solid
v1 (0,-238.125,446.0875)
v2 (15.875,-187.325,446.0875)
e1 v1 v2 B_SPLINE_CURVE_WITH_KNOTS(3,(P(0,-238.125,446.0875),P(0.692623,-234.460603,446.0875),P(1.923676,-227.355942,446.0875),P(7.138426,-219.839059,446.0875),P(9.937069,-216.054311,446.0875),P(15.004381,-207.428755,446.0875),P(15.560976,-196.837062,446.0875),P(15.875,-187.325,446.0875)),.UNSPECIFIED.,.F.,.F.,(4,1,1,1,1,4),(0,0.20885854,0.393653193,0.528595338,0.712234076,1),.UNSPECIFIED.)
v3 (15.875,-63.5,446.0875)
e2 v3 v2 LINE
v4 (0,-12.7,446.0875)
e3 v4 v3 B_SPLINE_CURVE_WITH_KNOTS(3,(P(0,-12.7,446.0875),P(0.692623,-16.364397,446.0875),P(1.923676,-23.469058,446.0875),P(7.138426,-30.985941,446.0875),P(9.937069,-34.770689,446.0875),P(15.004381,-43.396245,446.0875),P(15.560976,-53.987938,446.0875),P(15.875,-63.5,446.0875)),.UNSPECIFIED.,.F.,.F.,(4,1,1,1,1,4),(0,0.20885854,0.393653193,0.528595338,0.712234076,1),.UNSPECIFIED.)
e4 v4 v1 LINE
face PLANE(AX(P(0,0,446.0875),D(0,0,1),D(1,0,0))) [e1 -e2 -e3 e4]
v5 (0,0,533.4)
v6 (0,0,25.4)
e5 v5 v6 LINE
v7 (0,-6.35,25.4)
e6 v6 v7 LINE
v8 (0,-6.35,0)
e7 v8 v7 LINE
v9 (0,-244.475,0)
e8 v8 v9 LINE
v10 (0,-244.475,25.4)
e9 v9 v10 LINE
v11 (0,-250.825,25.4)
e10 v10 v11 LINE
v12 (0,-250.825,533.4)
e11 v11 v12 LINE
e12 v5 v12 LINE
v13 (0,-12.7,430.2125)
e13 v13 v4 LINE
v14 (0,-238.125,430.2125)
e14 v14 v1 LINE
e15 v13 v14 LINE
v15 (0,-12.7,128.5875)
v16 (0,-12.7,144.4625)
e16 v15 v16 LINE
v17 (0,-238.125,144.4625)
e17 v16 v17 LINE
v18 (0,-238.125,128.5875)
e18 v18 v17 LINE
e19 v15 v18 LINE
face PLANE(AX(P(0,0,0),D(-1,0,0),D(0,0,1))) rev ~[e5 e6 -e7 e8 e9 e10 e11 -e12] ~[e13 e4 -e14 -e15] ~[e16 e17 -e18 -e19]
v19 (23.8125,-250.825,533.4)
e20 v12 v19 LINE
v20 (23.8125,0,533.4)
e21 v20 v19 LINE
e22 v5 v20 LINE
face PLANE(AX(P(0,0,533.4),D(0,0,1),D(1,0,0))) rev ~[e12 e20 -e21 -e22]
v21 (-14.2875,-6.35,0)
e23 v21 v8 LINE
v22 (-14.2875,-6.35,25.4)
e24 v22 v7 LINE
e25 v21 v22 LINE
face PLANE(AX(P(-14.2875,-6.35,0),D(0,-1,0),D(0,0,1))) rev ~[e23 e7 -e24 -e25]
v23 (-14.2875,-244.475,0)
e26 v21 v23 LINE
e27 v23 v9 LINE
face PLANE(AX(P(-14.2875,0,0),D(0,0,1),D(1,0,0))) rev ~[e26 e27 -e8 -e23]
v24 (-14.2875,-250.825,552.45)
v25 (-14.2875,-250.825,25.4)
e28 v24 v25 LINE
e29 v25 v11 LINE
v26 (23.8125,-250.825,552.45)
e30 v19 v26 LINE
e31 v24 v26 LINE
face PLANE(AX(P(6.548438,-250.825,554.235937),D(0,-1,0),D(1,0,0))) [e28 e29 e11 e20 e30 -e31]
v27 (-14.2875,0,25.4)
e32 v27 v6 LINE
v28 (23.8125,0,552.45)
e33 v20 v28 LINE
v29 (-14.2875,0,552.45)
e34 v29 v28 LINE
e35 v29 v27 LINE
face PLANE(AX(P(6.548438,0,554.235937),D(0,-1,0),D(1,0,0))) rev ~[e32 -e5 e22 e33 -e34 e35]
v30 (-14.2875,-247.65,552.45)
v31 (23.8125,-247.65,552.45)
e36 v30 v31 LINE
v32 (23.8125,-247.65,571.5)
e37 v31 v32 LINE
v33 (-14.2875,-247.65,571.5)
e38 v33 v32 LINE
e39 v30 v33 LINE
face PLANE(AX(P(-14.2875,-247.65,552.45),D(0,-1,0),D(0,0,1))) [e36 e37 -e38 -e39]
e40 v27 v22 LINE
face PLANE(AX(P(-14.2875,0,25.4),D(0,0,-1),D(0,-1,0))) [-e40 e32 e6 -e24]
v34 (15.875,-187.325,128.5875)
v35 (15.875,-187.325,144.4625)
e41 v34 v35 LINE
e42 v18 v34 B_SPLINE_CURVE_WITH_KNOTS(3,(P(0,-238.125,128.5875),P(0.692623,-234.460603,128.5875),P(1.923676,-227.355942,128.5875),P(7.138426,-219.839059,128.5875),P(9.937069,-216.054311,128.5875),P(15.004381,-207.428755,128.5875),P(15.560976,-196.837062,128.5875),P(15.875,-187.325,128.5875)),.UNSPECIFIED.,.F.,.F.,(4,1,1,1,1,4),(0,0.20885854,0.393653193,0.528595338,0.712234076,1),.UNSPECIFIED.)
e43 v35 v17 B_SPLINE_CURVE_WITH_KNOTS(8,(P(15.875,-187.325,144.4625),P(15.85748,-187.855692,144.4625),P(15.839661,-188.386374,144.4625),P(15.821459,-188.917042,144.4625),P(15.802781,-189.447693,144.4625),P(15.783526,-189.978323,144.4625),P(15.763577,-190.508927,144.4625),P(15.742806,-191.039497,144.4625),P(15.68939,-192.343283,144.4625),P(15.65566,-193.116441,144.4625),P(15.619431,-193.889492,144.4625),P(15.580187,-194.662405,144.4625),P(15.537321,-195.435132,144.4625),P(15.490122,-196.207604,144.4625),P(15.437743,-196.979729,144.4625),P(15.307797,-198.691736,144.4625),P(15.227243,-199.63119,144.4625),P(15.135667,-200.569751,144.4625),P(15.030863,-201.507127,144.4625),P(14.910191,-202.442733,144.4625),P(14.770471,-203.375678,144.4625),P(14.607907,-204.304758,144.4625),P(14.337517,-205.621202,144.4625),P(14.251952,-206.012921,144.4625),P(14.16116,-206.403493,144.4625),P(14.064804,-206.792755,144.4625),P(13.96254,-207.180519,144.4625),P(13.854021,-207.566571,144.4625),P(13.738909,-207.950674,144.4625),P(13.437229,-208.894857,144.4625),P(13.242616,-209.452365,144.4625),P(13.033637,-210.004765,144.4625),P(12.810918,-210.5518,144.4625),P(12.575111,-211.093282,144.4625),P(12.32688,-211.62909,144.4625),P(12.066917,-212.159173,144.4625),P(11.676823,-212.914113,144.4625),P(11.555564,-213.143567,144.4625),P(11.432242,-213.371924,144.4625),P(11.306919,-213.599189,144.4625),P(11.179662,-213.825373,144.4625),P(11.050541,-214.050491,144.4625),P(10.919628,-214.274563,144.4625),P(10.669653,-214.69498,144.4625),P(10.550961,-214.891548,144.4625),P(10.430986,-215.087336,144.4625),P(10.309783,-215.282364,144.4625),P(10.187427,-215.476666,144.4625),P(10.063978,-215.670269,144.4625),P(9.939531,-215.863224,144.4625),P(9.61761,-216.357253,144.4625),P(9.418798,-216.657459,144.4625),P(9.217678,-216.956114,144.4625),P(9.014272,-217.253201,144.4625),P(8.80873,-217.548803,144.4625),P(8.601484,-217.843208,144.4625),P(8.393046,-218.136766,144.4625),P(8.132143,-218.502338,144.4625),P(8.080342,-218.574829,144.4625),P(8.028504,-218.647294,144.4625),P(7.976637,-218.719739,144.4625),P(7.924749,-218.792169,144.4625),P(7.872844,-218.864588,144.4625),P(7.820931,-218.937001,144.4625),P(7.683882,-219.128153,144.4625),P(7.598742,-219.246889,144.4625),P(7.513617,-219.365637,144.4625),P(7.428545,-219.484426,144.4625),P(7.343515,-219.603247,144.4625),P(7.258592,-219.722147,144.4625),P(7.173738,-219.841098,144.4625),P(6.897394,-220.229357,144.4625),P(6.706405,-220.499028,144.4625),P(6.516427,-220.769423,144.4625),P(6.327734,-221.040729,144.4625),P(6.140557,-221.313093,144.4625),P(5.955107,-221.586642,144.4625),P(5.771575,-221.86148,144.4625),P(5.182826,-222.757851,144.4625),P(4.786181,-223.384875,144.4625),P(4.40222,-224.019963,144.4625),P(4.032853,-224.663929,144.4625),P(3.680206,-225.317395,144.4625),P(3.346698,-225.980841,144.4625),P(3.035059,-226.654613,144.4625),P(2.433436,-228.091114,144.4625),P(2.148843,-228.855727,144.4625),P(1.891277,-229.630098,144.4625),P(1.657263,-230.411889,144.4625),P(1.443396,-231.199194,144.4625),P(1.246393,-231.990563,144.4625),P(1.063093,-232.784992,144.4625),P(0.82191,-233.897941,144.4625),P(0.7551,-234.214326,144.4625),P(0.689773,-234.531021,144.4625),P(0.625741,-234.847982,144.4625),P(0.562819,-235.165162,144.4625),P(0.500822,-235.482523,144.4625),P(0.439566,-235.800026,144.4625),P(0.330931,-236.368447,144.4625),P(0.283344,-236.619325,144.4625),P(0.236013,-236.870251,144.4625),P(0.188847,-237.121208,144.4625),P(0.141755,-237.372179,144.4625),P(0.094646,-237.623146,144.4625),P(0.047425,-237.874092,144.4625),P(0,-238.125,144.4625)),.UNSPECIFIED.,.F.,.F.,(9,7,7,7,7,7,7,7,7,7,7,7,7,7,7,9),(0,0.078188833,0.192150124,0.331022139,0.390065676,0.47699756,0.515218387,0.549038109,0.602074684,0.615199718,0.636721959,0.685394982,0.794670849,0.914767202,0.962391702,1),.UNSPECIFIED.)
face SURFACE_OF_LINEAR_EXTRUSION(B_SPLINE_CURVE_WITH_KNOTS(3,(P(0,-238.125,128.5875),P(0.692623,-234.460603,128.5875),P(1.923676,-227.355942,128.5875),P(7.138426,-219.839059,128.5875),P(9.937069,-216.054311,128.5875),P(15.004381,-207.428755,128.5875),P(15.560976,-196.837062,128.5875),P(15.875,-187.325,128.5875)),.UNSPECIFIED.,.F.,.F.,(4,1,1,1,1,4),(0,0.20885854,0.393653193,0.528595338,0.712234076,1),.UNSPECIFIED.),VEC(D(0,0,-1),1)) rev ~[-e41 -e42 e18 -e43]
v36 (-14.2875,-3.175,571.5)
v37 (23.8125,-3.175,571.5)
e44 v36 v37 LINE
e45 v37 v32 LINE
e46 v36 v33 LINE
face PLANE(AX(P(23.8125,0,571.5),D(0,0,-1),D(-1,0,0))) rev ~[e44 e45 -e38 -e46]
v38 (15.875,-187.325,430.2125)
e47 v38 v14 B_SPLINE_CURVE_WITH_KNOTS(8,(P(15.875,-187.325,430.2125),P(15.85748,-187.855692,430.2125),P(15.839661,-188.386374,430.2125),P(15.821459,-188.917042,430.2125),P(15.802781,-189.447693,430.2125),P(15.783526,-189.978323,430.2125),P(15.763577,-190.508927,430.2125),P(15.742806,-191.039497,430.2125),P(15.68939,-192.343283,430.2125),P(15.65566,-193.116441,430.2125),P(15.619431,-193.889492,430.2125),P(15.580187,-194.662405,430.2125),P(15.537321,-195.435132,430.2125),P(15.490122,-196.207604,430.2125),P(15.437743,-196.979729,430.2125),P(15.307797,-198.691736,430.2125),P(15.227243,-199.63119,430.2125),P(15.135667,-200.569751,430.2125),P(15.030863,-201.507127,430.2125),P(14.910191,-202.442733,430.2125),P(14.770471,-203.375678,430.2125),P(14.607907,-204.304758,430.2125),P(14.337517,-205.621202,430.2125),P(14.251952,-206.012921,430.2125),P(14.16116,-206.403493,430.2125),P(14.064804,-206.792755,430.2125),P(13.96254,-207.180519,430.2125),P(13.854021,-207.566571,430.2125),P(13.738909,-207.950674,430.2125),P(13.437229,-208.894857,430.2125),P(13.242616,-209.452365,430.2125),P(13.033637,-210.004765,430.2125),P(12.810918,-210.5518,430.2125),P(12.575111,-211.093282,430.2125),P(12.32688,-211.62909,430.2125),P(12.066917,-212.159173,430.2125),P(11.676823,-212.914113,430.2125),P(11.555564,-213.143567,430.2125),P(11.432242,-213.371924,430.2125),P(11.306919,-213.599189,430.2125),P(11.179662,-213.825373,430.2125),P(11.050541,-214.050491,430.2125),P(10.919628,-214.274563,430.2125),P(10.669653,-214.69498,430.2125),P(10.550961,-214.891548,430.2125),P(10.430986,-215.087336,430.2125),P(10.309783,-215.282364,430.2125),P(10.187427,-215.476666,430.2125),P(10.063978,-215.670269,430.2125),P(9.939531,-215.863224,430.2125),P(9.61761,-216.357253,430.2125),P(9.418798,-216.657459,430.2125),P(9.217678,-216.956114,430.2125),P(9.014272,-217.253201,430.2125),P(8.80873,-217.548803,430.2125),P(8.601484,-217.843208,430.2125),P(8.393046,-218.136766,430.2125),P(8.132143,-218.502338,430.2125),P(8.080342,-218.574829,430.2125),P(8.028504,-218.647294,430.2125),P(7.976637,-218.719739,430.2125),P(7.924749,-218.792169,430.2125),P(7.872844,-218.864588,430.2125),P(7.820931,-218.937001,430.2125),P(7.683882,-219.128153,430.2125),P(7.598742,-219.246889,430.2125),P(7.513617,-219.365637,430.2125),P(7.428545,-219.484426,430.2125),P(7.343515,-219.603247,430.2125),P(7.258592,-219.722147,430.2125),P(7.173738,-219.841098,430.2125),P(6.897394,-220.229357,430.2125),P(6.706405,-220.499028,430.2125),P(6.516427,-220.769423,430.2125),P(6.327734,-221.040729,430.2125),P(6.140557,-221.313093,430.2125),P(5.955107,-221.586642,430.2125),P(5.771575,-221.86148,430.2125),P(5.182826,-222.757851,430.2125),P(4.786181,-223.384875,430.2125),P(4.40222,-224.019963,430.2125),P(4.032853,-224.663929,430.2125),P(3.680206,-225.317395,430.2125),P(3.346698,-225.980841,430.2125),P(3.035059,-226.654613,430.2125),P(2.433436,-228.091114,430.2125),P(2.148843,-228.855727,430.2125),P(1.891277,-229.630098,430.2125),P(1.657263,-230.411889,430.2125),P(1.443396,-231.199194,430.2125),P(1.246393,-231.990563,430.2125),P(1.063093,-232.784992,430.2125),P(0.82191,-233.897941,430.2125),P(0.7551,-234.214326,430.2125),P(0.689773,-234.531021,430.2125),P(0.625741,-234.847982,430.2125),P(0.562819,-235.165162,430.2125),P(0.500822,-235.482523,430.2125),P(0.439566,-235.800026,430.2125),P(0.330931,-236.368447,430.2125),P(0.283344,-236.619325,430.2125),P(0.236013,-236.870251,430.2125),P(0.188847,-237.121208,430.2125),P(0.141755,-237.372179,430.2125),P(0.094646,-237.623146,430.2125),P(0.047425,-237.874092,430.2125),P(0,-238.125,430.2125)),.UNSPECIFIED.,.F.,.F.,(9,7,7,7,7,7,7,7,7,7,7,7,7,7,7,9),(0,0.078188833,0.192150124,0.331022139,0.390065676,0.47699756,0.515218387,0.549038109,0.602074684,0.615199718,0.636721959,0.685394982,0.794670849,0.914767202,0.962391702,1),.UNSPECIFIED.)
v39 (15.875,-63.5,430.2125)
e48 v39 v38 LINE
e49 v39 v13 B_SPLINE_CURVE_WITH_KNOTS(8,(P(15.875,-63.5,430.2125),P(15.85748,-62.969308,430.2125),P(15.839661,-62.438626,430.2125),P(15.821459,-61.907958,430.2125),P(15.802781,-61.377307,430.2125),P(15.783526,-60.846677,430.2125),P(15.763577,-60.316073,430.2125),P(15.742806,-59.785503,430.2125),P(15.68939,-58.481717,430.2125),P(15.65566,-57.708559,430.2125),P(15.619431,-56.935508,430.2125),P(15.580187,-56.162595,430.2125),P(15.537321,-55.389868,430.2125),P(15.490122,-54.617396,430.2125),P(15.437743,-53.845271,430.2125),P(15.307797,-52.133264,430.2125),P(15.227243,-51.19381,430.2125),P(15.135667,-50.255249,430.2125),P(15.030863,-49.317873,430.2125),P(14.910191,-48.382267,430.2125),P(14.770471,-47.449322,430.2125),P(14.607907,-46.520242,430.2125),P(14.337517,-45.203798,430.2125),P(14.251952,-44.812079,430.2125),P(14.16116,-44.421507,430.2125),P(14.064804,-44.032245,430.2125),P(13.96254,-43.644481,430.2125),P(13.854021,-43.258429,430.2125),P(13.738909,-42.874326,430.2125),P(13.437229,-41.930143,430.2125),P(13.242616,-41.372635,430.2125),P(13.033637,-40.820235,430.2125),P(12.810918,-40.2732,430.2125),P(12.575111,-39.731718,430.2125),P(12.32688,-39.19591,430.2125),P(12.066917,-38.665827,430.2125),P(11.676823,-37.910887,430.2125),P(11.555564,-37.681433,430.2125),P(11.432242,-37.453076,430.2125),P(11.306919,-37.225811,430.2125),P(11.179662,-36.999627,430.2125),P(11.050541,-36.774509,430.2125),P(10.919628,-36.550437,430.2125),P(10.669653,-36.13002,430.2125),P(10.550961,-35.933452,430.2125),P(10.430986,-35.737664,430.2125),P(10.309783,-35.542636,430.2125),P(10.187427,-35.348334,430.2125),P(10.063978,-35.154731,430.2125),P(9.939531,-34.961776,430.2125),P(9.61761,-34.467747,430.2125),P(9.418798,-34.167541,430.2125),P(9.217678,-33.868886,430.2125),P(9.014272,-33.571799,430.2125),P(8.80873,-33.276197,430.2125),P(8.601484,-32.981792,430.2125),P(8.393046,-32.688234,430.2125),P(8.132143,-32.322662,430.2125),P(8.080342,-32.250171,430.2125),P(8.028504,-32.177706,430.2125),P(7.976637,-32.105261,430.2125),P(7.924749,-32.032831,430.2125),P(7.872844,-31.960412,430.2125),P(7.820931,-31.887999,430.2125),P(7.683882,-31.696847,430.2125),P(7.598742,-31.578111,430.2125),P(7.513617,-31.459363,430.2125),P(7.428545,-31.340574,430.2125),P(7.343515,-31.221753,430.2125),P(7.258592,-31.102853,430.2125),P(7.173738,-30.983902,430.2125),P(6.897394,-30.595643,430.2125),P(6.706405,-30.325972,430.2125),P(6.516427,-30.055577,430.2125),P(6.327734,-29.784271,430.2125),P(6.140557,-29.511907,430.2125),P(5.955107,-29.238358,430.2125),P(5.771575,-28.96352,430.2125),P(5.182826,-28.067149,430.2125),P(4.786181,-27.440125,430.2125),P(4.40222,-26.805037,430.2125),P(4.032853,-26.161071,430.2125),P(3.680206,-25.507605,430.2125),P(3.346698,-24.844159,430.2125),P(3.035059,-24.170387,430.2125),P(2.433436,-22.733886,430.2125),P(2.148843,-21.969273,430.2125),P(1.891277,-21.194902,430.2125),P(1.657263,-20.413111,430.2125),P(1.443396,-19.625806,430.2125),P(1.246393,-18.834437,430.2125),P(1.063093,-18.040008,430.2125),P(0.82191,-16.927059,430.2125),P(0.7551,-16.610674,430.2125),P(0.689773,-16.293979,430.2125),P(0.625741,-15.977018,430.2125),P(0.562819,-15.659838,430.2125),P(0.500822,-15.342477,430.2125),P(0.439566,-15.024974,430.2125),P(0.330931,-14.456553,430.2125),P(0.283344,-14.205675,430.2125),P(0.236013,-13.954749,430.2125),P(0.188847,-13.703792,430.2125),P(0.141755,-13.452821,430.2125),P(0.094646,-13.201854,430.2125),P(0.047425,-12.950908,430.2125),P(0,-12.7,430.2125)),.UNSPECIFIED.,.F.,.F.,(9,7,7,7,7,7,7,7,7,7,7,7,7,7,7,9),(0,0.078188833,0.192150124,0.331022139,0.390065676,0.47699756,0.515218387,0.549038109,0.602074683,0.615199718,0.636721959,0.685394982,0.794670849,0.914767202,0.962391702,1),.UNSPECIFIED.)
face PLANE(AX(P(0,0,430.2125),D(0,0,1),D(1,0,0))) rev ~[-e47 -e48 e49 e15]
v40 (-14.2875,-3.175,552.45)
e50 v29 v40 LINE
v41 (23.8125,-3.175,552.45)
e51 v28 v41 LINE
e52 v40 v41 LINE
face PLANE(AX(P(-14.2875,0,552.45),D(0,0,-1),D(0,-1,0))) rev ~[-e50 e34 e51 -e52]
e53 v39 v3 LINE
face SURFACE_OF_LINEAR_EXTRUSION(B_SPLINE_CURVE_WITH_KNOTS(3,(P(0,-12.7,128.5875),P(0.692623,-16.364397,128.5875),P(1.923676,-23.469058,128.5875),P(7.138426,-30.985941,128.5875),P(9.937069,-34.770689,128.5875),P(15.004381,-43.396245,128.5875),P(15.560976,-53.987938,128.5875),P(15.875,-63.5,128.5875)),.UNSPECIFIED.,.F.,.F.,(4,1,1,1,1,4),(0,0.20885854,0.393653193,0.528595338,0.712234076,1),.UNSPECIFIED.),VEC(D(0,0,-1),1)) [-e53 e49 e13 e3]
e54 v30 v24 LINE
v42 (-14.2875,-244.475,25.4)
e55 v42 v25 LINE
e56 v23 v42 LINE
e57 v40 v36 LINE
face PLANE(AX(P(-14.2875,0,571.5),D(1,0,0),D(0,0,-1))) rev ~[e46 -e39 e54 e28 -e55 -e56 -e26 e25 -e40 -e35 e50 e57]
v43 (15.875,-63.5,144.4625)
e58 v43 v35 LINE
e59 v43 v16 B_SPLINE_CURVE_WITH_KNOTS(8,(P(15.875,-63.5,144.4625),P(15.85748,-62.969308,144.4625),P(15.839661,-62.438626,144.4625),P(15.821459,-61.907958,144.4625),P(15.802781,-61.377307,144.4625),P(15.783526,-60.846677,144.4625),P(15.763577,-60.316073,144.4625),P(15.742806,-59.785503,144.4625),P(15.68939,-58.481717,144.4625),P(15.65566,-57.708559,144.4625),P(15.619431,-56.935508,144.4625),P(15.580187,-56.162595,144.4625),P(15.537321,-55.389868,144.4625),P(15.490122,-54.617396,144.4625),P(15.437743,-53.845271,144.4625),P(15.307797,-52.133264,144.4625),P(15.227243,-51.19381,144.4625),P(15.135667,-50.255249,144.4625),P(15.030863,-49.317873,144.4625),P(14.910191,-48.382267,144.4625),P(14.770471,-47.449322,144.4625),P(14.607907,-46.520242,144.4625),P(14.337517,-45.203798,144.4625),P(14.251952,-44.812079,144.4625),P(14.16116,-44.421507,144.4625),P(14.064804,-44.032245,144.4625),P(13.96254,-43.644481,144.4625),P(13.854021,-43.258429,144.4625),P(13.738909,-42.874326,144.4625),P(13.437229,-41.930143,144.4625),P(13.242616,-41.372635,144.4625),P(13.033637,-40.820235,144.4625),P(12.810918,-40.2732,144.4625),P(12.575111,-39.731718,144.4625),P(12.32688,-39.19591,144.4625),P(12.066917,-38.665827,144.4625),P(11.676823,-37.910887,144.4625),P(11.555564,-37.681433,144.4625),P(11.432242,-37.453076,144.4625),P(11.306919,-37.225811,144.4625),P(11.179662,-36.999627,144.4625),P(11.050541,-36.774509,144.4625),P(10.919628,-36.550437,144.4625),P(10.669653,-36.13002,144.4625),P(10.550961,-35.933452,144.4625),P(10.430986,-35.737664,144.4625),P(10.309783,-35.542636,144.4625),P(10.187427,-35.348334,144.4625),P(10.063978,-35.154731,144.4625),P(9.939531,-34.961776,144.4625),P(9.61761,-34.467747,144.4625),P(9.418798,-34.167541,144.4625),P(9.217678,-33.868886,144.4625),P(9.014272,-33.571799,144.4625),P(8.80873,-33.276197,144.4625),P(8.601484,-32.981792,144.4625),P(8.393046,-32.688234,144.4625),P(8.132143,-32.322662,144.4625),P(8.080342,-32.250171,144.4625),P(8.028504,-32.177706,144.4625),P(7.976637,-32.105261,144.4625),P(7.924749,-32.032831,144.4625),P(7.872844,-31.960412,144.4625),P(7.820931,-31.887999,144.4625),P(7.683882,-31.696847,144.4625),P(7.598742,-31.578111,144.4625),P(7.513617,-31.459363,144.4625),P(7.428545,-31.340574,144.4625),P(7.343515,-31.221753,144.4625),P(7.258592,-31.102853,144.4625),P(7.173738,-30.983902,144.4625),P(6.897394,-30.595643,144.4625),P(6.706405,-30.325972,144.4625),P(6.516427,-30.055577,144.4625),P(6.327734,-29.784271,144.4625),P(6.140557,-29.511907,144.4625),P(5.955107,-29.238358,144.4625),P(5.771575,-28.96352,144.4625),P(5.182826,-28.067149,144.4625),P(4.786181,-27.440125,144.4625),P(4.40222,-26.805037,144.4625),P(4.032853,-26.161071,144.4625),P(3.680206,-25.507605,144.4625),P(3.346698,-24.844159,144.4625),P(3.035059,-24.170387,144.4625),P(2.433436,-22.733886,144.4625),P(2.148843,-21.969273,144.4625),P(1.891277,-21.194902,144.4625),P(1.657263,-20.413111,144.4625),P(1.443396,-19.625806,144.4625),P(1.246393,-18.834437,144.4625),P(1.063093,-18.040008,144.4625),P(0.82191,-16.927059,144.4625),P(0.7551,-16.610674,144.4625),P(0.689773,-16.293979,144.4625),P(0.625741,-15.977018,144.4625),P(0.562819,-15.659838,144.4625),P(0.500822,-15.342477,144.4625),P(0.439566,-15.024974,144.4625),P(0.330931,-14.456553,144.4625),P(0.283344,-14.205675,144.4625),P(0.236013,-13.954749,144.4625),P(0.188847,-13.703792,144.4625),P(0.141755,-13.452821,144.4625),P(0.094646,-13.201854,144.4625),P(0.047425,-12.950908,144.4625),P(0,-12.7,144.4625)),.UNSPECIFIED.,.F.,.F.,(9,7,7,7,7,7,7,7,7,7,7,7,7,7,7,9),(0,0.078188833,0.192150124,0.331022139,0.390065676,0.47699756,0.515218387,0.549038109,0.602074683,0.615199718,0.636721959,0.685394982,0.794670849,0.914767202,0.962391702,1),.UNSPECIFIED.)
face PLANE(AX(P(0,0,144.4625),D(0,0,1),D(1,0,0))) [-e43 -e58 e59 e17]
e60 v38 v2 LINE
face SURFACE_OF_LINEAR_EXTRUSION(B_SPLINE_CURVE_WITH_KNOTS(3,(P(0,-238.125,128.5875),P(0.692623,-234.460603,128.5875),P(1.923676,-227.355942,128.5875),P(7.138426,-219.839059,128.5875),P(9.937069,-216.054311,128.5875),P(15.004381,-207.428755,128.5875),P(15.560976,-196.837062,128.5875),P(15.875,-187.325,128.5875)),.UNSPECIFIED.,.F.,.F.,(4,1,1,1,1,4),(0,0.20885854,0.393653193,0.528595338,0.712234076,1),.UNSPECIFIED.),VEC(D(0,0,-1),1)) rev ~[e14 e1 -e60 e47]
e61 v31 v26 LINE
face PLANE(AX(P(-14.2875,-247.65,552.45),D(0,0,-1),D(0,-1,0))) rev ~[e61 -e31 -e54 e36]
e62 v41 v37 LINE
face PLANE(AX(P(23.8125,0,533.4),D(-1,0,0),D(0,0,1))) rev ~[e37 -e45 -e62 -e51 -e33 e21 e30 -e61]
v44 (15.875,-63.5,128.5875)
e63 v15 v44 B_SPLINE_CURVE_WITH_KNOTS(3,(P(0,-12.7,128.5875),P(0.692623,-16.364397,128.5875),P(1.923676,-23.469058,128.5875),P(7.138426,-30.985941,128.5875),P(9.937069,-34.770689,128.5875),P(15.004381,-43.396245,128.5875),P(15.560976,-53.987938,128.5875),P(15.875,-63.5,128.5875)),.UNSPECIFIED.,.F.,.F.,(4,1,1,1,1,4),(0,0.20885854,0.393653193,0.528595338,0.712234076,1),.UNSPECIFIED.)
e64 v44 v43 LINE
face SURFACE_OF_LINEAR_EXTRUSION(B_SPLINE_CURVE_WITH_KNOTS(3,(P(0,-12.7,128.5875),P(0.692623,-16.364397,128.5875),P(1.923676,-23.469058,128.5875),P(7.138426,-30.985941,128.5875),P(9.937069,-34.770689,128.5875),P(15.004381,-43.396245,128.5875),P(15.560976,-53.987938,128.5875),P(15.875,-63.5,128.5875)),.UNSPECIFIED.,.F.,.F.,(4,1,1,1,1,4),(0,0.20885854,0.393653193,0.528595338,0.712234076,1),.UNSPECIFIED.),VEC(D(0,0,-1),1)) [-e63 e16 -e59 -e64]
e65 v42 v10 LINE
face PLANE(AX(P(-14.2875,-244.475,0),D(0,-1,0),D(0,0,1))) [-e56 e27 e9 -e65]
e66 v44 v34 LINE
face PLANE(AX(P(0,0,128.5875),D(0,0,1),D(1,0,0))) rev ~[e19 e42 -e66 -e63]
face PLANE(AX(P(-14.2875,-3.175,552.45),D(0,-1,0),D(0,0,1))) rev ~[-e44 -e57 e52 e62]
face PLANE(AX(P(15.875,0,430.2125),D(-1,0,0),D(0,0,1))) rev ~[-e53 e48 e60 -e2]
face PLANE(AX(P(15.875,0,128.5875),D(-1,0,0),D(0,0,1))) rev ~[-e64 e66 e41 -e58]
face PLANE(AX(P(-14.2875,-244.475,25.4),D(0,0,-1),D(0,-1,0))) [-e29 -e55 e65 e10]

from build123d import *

# Parameters (mm, degrees)
F0_W     = 15.875
F0_H     = 15.875
F1_DEPTH = 250.825
F4_DEPTH = 317.5
F2_W     = 6.35
F2_H     = 25.4
F2_W_2   = 3.175
F2_H_2   = 19.05
F5_DEPTH = 38.101


with BuildPart() as f1:
    # F0 (on Front) → F1 (new body)
    with BuildSketch(Plane.XZ):
        Polygon((-14.2875, 571.5), (-14.2875, 552.45), (0, 552.45), (0, 533.4), (23.8125, 533.4), (23.8125, 571.5), align=None)
        with Locations((7.9375, 438.15)):
            Rectangle(F0_W, F0_H)
        Polygon((-14.2875, 0), (0, 0), (0, 128.5875), (0, 144.4625), (0, 430.2125), (0, 446.0875), (0, 533.4), (0, 552.45), (-14.2875, 552.45), align=None)
        with Locations((7.9375, 136.525)):
            Rectangle(F0_W, F0_H)
    extrude(amount=F1_DEPTH)

    # F3 (on face) → F4 (cut, through all)
    with BuildSketch(Plane(origin=(0, 0, 128.5875), x_dir=(1, 0, 0), z_dir=(0, 0, -1))):
        with BuildLine():
            Line((0, 250.825), (0, 238.125))
            add(Edge.make_bspline(
                [(0, 238.125), (0.6926233759, 234.4606029013), (1.9236757367, 227.3559423783), (7.1384263146, 219.8390585837), (9.937069342, 216.0543113654), (15.004380788, 207.4287550118), (15.5609760484, 196.837061745), (15.875, 187.325)],
                knots=[0, 0, 0, 0, 0.20885854, 0.3936531927, 0.5285953381, 0.7122340762, 1, 1, 1, 1], degree=3))
            Line((15.875, 187.325), (15.875, 250.825))
            Line((15.875, 250.825), (0, 250.825))
        make_face()
        with BuildLine():
            add(Edge.make_bspline(
                [(0, 12.7), (0.6926233759, 16.3643970987), (1.9236757367, 23.4690576217), (7.1384263146, 30.9859414163), (9.937069342, 34.7706886346), (15.004380788, 43.3962449882), (15.5609760484, 53.987938255), (15.875, 63.5)],
                knots=[0, 0, 0, 0, 0.20885854, 0.3936531927, 0.5285953381, 0.7122340762, 1, 1, 1, 1], degree=3))
            Line((0, 12.7), (0, 0))
            Line((0, 0), (15.875, 0))
            Line((15.875, 0), (15.875, 63.5))
        make_face()
    extrude(amount=-F4_DEPTH, mode=Mode.SUBTRACT)

    # F2 (on face) → F5 (cut, through all)
    with BuildSketch(Plane(origin=(-14.2875, 0, 0), x_dir=(0, -1, 0), z_dir=(-1, 0, 0))):
        with Locations((3.175, 12.7)):
            Rectangle(F2_W, F2_H)
        with Locations((247.65, 12.7)):
            Rectangle(F2_W, F2_H)
        with Locations((249.2375, 561.975)):
            Rectangle(F2_W_2, F2_H_2)
        with Locations((1.5875, 561.975)):
            Rectangle(F2_W_2, F2_H_2)
    extrude(amount=-F5_DEPTH, mode=Mode.SUBTRACT)


solid = f1.part
